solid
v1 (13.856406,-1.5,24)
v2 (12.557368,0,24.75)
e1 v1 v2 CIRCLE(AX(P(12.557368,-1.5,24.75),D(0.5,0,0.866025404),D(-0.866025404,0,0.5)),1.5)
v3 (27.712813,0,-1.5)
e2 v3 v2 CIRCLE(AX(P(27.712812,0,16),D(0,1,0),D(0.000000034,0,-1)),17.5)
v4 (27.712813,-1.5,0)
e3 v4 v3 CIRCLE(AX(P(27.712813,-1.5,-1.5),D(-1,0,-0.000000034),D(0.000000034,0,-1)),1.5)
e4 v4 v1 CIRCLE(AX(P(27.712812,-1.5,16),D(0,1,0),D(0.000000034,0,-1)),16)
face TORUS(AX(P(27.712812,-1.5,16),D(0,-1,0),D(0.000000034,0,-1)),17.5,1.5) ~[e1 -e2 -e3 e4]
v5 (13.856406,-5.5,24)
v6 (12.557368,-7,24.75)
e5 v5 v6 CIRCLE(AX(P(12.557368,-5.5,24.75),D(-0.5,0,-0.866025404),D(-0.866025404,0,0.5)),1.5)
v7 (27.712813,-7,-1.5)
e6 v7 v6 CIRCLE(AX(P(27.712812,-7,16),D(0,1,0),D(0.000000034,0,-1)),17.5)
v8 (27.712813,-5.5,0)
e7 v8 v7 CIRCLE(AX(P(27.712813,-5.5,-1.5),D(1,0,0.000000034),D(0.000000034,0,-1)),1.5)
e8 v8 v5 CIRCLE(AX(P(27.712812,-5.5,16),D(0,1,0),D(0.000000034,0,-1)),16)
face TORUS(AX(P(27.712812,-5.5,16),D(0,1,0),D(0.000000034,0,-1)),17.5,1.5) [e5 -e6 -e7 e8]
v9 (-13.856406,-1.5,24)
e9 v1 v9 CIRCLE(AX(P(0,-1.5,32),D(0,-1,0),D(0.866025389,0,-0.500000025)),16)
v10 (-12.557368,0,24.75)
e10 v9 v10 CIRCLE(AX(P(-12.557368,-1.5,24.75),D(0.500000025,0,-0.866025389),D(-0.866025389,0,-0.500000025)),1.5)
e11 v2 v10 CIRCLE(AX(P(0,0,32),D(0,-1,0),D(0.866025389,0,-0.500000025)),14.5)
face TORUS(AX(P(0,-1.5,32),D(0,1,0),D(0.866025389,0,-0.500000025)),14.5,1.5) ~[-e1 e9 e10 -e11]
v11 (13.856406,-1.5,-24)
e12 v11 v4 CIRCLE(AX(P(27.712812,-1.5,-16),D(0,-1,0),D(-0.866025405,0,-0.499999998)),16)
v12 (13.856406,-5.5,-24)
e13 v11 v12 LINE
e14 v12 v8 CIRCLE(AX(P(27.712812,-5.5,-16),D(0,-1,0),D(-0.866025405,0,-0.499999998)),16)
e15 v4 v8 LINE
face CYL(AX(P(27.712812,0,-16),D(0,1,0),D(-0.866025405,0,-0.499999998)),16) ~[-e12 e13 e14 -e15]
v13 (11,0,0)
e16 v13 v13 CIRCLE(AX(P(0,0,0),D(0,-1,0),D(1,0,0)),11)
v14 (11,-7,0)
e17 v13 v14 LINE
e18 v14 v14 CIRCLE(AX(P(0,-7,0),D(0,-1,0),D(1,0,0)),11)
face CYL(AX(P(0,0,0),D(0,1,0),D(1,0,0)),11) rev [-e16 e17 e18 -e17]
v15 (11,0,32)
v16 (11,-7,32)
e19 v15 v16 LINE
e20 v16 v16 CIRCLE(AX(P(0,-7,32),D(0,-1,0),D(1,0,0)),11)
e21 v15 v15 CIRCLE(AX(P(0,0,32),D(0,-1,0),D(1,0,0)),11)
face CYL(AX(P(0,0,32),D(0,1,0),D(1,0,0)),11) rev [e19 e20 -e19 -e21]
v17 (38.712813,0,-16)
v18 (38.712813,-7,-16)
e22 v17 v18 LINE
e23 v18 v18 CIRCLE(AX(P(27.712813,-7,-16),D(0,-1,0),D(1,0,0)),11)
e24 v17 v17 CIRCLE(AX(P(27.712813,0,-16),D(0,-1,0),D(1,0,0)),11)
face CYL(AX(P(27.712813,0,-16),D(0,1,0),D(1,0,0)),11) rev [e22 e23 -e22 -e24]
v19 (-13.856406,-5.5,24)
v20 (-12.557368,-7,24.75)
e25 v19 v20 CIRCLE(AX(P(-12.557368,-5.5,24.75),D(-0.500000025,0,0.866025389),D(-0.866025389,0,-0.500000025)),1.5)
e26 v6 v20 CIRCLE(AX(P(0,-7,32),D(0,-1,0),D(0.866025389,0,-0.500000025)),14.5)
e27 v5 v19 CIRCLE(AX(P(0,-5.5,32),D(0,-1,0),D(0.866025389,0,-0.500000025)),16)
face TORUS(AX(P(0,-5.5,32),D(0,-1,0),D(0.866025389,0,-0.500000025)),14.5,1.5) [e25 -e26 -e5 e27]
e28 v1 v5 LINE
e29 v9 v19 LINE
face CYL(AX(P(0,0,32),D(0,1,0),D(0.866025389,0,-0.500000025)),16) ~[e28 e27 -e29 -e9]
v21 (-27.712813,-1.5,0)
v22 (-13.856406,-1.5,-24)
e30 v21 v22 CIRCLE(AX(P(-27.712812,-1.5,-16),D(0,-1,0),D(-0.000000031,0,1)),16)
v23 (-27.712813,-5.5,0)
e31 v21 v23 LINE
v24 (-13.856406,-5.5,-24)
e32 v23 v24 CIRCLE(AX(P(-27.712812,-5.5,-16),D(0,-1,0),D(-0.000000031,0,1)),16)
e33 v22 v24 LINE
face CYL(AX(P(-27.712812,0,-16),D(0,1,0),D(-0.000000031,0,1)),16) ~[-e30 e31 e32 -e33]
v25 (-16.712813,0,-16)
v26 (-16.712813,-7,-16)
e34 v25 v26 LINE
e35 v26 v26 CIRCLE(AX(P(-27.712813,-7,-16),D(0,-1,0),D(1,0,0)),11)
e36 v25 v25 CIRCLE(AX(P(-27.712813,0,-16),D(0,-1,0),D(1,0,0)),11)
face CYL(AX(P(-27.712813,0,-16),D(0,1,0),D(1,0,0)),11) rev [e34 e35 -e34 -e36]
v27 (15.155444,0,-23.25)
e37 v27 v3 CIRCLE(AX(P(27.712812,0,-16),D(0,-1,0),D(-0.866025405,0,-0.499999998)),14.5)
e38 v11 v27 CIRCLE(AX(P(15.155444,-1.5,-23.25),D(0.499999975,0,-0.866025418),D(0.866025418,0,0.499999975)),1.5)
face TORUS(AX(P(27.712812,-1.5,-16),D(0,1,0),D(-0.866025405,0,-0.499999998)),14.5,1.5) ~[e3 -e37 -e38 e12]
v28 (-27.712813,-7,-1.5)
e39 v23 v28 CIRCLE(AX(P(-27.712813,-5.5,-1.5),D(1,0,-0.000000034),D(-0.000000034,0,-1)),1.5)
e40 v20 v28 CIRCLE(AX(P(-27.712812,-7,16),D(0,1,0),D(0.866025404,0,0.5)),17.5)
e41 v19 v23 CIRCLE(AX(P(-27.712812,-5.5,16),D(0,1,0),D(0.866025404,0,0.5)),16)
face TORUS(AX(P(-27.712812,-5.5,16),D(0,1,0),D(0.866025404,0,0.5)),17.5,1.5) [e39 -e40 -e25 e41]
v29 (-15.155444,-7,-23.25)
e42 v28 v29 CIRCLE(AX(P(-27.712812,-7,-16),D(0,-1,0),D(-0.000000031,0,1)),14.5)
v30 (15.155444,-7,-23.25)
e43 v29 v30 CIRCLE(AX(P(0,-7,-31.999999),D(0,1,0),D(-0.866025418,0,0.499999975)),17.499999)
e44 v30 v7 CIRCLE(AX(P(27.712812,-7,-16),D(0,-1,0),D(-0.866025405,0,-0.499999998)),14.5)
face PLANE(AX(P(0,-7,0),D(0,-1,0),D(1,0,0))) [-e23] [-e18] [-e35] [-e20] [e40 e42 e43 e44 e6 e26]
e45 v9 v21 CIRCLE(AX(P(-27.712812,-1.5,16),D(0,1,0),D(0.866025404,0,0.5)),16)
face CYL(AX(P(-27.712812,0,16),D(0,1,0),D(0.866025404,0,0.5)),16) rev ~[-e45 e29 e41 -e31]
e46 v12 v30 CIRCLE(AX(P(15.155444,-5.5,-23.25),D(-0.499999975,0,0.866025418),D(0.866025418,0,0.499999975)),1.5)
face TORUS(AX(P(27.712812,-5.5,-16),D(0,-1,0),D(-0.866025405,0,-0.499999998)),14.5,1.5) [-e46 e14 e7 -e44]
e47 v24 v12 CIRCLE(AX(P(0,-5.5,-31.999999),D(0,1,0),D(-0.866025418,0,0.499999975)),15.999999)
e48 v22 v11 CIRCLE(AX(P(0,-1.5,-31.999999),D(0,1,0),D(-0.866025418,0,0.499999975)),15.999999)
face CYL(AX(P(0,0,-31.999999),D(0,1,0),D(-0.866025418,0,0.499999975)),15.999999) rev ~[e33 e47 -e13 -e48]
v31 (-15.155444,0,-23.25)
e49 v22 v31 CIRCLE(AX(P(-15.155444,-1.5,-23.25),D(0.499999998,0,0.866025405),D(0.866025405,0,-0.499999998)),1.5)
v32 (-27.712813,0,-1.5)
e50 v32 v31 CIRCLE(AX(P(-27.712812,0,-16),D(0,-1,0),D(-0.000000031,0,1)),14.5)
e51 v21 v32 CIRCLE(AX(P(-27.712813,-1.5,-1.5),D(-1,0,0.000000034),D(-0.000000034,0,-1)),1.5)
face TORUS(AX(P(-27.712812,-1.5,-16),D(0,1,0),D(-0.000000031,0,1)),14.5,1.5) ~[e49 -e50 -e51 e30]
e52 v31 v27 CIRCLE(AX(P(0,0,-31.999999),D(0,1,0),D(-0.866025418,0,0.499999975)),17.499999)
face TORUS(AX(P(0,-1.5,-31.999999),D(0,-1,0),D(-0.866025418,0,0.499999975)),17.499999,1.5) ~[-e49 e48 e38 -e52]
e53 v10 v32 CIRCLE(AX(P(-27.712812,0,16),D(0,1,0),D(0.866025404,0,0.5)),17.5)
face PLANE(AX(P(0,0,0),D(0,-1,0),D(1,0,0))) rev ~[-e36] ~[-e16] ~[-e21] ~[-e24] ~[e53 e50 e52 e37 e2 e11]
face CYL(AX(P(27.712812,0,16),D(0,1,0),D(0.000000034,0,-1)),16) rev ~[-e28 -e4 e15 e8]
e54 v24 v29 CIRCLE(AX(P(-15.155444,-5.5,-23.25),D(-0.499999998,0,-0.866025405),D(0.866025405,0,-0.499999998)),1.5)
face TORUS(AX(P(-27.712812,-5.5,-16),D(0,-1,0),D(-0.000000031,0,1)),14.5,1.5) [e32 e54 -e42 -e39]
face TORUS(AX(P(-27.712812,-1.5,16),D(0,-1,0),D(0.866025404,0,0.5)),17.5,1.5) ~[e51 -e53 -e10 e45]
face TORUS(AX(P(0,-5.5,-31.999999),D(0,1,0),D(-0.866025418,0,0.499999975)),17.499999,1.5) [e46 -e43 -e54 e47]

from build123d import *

# Parameters (mm, degrees)
F0_R     = 11
F1_DEPTH = 7
F2_R     = 1.5


with BuildPart() as f1:
    # F0 (on Front) → F1 (new body)
    with BuildSketch(Plane.XZ):
        with BuildLine():
            ThreePointArc((27.712813, 0), (13.856406, 8), (13.856406, 24))
            ThreePointArc((13.856406, 24), (0, 48), (-13.856406, 24))
            ThreePointArc((-13.856406, 24), (-13.856406, 8), (-27.712813, 0))
            ThreePointArc((-27.712813, 0), (-41.569219, -24), (-13.856406, -24))
            ThreePointArc((-13.856406, -24), (0, -16), (13.856406, -24))
            ThreePointArc((13.856406, -24), (41.569219, -24), (27.712813, 0))
        make_face()
        with Locations((-27.712813, -16)):
            Circle(F0_R, mode=Mode.SUBTRACT)
        with Locations((27.712813, -16)):
            Circle(F0_R, mode=Mode.SUBTRACT)
        Circle(F0_R, mode=Mode.SUBTRACT)
        with Locations((0, 32)):
            Circle(F0_R, mode=Mode.SUBTRACT)
    extrude(amount=F1_DEPTH)

    # F2
    f2_edges = [f1.edges().sort_by_distance(p)[0] for p in [
        (27.712813, -3.5, 0),
        (13.856406, -3.5, 24),
        (13.856406, 0, 8),
        (13.856406, -7, 8),
        (13.856406, -3.5, -24),
        (41.569219, 0, -24),
        (41.569219, -7, -24),
        (-13.856406, -3.5, 24),
        (0, 0, 48),
        (0, -7, 48),
        (-13.856406, -7, 8),
        (-27.712813, -3.5, 0),
        (-13.856406, 0, 8),
        (-13.856406, -3.5, -24),
        (-41.569219, 0, -24),
        (-41.569219, -7, -24),
        (0, 0, -16),
        (0, -7, -16),
    ]]
    fillet(f2_edges, radius=F2_R)


solid = f1.part
